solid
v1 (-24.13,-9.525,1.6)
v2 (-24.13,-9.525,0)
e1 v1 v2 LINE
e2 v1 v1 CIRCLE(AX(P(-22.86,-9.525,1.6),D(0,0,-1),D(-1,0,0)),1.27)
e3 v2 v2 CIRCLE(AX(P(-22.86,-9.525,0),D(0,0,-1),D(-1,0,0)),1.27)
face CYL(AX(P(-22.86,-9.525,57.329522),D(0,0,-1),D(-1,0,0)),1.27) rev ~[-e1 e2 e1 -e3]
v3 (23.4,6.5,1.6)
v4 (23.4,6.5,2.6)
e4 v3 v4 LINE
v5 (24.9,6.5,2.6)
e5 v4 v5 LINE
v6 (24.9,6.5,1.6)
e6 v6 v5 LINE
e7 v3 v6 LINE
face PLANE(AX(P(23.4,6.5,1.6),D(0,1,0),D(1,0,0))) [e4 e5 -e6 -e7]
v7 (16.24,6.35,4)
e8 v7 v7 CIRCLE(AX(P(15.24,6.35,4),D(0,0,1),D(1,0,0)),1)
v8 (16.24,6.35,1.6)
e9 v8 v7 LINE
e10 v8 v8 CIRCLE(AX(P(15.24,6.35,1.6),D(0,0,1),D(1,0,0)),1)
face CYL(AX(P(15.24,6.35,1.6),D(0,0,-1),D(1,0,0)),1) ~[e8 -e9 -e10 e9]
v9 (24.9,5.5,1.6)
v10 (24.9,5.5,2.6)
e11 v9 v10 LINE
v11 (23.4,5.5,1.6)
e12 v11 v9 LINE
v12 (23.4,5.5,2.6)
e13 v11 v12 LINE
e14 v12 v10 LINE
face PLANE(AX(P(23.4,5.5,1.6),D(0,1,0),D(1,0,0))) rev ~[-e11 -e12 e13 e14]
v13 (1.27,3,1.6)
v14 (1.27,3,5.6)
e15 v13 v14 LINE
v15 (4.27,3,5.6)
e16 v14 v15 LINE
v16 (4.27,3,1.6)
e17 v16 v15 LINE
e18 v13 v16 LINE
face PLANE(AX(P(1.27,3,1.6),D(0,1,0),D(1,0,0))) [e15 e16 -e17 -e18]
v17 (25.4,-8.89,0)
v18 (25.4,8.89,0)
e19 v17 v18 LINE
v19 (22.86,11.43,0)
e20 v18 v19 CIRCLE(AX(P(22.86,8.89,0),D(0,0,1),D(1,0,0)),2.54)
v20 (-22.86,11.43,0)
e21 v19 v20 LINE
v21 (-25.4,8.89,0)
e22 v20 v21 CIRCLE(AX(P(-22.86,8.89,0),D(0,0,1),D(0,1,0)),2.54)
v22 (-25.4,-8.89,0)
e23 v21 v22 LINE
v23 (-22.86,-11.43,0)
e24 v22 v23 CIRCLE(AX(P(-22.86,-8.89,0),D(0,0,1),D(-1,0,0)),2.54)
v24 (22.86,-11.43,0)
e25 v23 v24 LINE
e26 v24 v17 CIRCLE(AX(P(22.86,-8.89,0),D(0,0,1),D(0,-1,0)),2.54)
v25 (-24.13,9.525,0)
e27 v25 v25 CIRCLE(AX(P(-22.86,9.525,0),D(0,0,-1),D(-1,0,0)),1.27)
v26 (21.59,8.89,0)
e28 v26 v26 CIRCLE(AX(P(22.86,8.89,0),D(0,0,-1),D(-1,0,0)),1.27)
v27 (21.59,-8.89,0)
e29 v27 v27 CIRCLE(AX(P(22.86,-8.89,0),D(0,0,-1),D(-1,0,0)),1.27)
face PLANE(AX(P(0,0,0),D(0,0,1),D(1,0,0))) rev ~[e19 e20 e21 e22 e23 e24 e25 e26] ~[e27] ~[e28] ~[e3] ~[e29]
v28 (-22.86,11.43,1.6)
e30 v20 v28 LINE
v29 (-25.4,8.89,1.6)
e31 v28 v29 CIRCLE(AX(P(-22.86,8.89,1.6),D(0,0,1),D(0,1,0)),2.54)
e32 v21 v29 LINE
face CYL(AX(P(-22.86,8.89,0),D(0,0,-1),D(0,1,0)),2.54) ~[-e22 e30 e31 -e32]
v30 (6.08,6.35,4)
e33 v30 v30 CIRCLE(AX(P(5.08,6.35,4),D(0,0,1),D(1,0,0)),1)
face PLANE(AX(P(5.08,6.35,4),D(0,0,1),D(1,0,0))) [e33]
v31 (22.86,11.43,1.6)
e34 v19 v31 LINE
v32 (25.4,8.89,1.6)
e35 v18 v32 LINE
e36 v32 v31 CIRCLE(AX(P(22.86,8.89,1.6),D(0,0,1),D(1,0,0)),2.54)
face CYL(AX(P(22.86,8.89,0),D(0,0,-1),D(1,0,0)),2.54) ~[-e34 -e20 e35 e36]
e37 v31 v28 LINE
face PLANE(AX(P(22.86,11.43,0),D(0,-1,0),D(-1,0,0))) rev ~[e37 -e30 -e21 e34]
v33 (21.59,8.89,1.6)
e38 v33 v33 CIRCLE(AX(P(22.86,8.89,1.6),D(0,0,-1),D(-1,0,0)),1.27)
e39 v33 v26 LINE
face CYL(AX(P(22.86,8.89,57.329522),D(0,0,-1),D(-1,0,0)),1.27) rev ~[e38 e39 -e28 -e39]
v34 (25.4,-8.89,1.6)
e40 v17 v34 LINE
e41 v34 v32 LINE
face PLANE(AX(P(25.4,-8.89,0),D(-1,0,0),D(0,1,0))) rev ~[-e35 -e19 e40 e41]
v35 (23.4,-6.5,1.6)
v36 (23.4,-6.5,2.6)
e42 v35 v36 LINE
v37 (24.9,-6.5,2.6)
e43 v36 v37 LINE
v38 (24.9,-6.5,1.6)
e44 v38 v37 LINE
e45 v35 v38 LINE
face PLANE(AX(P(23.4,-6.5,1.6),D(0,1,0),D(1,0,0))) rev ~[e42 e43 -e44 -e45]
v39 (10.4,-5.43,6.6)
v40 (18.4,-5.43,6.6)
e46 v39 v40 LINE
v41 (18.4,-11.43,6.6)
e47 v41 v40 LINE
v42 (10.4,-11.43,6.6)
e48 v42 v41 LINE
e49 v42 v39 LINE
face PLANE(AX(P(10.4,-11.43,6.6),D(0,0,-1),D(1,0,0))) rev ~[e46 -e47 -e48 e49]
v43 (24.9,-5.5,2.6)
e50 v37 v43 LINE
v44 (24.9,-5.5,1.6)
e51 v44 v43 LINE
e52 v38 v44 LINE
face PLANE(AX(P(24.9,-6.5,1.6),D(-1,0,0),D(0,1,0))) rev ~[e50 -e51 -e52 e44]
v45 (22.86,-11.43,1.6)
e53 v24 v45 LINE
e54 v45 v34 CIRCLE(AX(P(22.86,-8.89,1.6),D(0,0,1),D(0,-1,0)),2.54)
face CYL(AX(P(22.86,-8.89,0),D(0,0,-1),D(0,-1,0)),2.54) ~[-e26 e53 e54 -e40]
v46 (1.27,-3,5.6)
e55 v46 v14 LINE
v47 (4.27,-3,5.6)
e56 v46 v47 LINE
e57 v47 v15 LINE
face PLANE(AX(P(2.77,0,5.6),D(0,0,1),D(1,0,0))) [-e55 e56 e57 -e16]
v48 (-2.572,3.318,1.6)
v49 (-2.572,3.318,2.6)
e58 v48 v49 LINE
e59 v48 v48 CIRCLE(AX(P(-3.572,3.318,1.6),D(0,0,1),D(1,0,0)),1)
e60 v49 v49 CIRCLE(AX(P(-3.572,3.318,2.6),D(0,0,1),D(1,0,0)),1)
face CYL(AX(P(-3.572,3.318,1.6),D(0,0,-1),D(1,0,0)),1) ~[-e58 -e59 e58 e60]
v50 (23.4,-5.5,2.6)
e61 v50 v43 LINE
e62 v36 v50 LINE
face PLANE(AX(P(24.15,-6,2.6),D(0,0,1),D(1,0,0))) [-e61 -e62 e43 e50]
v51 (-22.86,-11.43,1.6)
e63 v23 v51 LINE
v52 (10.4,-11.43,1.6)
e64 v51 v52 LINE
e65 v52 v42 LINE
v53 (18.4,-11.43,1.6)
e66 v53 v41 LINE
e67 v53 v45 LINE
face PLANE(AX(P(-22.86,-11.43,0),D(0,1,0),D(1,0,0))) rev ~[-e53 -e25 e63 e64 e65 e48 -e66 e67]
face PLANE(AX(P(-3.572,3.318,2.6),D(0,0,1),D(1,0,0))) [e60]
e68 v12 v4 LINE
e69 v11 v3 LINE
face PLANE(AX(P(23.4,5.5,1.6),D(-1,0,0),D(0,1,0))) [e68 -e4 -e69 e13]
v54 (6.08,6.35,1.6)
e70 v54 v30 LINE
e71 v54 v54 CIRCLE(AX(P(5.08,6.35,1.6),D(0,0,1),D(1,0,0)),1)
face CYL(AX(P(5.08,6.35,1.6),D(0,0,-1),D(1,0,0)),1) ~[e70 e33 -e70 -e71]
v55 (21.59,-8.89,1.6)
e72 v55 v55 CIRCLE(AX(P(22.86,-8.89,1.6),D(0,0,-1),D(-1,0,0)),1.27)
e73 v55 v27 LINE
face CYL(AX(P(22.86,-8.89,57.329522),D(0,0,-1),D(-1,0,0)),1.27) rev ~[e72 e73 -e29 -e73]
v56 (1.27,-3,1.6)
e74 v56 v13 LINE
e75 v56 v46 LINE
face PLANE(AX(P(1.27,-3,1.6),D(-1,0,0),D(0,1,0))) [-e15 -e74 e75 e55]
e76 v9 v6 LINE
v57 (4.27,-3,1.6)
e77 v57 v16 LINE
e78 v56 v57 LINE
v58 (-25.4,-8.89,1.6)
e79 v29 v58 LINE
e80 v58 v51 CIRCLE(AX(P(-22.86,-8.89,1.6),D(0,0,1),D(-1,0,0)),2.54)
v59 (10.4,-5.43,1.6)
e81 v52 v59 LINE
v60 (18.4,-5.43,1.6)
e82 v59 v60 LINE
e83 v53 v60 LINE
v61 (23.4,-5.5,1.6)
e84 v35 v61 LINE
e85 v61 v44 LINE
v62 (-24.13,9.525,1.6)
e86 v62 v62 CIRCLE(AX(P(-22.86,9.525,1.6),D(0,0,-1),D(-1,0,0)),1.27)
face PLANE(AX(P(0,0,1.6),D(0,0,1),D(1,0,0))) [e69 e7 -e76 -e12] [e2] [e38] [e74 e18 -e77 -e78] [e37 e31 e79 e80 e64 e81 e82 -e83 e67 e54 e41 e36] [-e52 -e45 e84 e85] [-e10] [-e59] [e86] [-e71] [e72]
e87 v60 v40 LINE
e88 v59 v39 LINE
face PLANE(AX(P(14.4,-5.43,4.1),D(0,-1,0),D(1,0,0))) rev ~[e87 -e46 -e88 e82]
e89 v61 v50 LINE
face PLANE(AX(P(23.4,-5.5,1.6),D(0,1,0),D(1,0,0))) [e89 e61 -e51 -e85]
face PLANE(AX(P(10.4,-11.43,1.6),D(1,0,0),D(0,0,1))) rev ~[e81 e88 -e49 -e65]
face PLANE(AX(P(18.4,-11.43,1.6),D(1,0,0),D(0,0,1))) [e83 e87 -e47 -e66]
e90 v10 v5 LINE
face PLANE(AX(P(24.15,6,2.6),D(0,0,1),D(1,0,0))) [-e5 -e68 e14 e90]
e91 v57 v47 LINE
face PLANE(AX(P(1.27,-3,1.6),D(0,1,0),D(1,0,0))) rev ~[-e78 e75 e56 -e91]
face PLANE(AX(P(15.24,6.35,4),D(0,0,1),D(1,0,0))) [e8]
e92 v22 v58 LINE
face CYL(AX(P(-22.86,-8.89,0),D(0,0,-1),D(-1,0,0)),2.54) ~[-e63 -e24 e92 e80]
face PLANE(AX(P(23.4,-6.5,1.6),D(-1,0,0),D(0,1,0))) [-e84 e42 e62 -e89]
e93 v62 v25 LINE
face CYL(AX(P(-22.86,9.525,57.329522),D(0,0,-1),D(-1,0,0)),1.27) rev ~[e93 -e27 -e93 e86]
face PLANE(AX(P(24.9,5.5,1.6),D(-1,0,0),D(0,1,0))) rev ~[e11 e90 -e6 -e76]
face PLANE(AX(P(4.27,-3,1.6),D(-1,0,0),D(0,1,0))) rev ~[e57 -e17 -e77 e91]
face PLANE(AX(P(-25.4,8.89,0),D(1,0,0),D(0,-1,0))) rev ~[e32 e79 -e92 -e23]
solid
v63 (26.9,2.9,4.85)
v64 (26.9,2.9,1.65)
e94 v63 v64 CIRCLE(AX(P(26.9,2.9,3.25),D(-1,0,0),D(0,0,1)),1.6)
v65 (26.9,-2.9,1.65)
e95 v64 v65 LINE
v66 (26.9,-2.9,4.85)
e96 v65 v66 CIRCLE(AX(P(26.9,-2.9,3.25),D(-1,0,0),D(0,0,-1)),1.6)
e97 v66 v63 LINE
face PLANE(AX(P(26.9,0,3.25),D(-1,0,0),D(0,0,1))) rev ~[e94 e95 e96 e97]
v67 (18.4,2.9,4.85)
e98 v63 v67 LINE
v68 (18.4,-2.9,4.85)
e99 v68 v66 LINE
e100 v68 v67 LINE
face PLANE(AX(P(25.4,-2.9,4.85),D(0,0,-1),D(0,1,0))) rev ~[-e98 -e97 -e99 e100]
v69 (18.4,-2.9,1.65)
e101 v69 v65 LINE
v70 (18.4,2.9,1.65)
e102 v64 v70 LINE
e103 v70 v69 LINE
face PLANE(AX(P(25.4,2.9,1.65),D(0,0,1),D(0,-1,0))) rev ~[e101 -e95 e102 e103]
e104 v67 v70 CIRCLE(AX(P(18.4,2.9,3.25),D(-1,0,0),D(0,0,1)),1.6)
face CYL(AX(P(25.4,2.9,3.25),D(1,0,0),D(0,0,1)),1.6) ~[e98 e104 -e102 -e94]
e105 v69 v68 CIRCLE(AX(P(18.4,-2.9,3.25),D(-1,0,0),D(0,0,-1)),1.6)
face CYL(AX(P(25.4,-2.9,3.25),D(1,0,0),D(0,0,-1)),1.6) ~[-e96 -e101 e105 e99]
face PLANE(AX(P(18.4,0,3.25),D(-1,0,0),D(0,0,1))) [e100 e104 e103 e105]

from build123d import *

# Parameters (mm, degrees)
BOARD_DEPTH              = 1.6
DURCHGANGSLOCH_F_R_M21_D = 2.54
USBC_DEPTH               = 1.5
USBC_DEPTH_BACK          = 7
SKIZZE5_W                = 8
SKIZZE5_H                = 5
BATTERY_DEPTH            = 6
SKIZZE6_R                = 1
BUTTONS_DEPTH            = 2.4
SKIZZE7_W                = 3
SKIZZE7_H                = 6
QWIIC_DEPTH              = 4
SKIZZE8_R                = 1
NEOPIXEL_DEPTH           = 1
SKIZZE9_W                = 1.5
SKIZZE9_H                = 1
LEDS_DEPTH               = 1


with BuildPart() as part:
    # Skizze1 → board (new body)
    with BuildSketch(Plane.XY):
        with BuildLine():
            Line((-22.86, -11.43), (22.86, -11.43))
            ThreePointArc((22.86, -11.43), (24.656051224, -10.686051224), (25.4, -8.89))
            Line((25.4, -8.89), (25.4, 8.89))
            ThreePointArc((25.4, 8.89), (24.656051224, 10.686051224), (22.86, 11.43))
            Line((22.86, 11.43), (-22.86, 11.43))
            ThreePointArc((-22.86, 11.43), (-24.656051224, 10.686051224), (-25.4, 8.89))
            Line((-25.4, 8.89), (-25.4, -8.89))
            ThreePointArc((-25.4, -8.89), (-24.656051224, -10.686051224), (-22.86, -11.43))
        make_face()
    extrude(amount=BOARD_DEPTH)

    # Durchgangsloch für M21 (through all)
    with Locations(Plane.XY.offset(1.6)):
        with Locations((-22.86, 9.525), (-22.86, -9.525), (22.86, 8.89), (22.86, -8.89)):
            Hole(DURCHGANGSLOCH_F_R_M21_D / 2)

    # Skizze5 → battery (add)
    with BuildSketch(Plane.XZ.offset(11.43)):
        with Locations((14.4, 4.1)):
            Rectangle(SKIZZE5_W, SKIZZE5_H)
    extrude(amount=-BATTERY_DEPTH)

    # Skizze6 → buttons (add)
    with BuildSketch(Plane.XY.offset(1.6)):
        with Locations((15.24, 6.35)):
            Circle(SKIZZE6_R)
        with Locations((5.08, 6.35)):
            Circle(SKIZZE6_R)
    extrude(amount=BUTTONS_DEPTH)

    # Skizze7 → qwiic (add)
    with BuildSketch(Plane.XY.offset(1.6)):
        with Locations((2.77, 0)):
            Rectangle(SKIZZE7_W, SKIZZE7_H)
    extrude(amount=QWIIC_DEPTH)

    # Skizze8 → neopixel (add)
    with BuildSketch(Plane.XY.offset(1.6)):
        with Locations((-3.572, 3.318)):
            Circle(SKIZZE8_R)
    extrude(amount=NEOPIXEL_DEPTH)

    # Skizze9 → leds (add)
    with BuildSketch(Plane.XY.offset(1.6)):
        with Locations((24.15, 6)):
            Rectangle(SKIZZE9_W, SKIZZE9_H)
        with Locations((24.15, -6)):
            Rectangle(SKIZZE9_W, SKIZZE9_H)
    extrude(amount=LEDS_DEPTH)


with BuildPart() as body_2:
    # Skizze4 → usbc (new body, two sides)
    with BuildSketch(Plane(origin=(25.4, 0, 0), x_dir=(0, 0, -1), z_dir=(1, 0, 0))) as usbc_sk:
        with BuildLine():
            Line((-4.85, -2.9), (-4.85, 2.9))
            ThreePointArc((-4.85, 2.9), (-3.25, 4.5), (-1.65, 2.9))
            Line((-1.65, 2.9), (-1.65, -2.9))
            ThreePointArc((-1.65, -2.9), (-3.25, -4.5), (-4.85, -2.9))
        make_face()
    extrude(amount=USBC_DEPTH)
    extrude(usbc_sk.sketch, amount=-USBC_DEPTH_BACK)


solid = Compound([part.part, body_2.part])
